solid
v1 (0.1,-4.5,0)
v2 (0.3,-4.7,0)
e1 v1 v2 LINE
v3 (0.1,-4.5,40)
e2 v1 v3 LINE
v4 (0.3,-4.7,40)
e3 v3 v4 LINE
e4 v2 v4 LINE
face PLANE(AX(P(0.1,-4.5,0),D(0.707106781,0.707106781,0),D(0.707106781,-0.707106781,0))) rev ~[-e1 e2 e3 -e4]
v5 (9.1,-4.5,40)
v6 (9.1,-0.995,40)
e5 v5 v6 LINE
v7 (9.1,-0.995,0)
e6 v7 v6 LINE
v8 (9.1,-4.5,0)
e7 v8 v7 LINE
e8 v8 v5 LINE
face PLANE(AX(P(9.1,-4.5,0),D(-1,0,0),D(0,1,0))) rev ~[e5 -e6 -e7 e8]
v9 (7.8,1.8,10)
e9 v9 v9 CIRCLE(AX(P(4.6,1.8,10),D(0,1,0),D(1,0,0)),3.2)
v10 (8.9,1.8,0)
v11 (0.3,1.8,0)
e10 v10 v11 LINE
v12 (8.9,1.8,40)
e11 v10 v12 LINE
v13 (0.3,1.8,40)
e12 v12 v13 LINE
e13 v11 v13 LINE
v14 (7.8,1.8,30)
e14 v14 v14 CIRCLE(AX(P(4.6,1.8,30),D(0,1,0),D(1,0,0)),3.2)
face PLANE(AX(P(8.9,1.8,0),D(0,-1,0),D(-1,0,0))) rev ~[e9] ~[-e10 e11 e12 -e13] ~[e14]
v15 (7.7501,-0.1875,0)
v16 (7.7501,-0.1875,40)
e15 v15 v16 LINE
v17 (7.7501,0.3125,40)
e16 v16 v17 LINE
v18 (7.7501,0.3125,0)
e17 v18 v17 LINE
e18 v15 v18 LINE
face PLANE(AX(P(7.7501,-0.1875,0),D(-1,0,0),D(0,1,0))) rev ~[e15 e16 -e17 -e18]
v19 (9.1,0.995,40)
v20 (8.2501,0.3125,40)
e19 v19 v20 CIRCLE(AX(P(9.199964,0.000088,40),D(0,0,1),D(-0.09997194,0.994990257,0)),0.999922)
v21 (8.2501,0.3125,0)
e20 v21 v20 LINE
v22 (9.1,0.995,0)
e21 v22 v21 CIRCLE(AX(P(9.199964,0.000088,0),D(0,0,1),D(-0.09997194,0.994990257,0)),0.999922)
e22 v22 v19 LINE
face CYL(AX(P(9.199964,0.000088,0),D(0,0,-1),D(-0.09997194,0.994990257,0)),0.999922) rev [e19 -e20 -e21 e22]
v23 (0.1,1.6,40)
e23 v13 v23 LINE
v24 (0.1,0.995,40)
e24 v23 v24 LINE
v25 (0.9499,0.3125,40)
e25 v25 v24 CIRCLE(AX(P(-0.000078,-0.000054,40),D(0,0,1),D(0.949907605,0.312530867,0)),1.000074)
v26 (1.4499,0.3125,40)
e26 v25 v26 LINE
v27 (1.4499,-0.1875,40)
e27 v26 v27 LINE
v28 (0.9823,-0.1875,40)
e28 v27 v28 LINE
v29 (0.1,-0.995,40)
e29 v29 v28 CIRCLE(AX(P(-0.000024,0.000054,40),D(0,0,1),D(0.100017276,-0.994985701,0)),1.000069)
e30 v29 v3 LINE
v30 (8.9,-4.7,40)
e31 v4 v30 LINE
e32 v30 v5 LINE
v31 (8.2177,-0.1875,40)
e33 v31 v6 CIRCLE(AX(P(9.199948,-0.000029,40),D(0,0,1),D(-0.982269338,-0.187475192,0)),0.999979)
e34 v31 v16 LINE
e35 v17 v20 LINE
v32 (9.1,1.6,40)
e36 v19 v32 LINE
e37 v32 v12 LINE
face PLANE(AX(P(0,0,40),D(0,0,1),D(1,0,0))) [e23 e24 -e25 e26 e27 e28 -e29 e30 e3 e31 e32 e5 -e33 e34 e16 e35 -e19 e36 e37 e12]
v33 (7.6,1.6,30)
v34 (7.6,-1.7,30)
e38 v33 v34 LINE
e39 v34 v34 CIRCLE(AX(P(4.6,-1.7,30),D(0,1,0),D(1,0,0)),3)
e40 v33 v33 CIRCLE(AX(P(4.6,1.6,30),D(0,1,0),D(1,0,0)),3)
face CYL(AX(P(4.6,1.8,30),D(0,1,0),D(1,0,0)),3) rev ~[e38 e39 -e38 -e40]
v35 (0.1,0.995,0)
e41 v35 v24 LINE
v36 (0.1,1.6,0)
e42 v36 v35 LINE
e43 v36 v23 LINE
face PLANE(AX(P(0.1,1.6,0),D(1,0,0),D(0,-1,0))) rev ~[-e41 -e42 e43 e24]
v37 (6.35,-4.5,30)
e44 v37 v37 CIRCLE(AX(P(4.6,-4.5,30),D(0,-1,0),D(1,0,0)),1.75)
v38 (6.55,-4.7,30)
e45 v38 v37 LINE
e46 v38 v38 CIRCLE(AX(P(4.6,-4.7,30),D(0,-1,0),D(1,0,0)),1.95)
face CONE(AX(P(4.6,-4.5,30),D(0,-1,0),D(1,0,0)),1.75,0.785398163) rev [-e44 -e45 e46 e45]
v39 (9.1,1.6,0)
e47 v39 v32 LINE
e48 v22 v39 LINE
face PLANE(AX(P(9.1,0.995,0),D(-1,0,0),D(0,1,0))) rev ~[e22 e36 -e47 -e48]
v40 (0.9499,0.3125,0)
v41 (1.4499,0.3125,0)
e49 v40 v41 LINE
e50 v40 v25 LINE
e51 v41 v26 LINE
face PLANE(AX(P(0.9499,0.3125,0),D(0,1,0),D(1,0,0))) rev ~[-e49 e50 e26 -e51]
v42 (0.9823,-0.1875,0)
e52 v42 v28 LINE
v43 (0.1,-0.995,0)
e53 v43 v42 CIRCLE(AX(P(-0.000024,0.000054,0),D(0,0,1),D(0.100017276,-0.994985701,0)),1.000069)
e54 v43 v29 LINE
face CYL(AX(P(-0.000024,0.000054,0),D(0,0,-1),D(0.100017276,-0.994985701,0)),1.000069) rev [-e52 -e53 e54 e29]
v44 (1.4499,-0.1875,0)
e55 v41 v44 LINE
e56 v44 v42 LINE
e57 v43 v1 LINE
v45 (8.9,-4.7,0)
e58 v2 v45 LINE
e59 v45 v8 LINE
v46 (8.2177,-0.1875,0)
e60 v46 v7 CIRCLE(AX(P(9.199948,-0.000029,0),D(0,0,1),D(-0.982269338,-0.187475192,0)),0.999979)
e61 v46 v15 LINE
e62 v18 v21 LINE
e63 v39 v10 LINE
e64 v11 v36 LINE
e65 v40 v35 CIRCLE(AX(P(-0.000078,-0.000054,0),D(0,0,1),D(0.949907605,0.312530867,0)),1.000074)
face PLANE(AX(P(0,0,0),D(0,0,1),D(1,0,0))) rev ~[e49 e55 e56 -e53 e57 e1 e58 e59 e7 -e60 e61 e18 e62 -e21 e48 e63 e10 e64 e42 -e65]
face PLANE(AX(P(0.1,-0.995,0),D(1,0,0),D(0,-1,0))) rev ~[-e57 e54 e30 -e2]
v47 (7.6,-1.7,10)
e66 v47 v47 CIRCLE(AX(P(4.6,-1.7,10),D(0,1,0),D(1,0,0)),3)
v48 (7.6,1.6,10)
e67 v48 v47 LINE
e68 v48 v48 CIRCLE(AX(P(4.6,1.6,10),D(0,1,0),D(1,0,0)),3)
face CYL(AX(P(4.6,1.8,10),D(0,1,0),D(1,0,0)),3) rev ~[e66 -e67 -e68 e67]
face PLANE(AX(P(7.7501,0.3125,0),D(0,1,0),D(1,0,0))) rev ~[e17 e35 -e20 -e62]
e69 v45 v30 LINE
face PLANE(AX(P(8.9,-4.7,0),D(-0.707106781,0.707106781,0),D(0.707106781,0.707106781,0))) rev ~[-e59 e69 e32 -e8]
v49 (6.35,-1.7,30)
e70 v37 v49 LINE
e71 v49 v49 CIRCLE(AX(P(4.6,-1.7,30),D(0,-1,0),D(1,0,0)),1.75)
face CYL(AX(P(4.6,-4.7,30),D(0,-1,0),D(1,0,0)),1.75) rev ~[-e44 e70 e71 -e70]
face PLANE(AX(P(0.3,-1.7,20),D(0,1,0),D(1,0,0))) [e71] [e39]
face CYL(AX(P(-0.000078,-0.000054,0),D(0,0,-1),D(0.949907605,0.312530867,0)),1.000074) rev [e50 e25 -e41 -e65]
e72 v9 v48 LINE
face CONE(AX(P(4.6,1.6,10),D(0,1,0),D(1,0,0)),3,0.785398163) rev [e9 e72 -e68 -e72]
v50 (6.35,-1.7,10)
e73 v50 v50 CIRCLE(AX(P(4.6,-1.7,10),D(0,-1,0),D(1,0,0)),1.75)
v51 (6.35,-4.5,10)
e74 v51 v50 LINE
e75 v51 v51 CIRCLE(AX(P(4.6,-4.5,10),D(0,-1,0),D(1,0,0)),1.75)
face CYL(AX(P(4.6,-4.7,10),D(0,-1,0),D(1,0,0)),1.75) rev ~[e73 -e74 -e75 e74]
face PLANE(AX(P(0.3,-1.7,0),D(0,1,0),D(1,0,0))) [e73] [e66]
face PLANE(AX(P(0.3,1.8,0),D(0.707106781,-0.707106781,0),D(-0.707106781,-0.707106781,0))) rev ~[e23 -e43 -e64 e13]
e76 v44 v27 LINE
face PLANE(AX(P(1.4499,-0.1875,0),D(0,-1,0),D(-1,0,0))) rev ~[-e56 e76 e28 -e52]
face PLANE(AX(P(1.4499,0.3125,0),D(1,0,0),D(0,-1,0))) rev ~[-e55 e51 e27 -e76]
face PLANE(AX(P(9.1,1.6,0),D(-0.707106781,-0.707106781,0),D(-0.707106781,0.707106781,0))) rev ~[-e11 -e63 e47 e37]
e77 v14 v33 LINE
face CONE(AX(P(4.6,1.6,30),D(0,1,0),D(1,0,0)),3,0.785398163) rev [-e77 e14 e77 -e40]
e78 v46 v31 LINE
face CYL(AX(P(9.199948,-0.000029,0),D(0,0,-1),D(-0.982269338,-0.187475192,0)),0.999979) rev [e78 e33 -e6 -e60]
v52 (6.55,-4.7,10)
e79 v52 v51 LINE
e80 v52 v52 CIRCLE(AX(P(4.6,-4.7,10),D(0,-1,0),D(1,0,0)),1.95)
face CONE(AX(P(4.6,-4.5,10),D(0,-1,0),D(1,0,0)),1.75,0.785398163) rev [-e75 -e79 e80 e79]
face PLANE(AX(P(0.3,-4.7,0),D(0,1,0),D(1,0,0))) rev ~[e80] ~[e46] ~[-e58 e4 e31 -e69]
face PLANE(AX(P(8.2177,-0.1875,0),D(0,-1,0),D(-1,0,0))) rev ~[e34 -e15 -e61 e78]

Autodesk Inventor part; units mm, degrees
ref_plane "YZ Plane" through (0, 0, 0) normal (1, 0, 0) x (0, 1, 0)
ref_plane "XZ Plane" through (0, 0, 0) normal (0, 1, 0) x (-1, 0, 0)
ref_plane "XY Plane" through (0, 0, 0) normal (0, 0, 1) x (1, 0, 0)
sketch "Эскиз1" plane through (0, 0, 0) normal (0, 0, 1) x (1, 0, 0)
  arc A0 (0.9499, 0.3125) -> (0.1, 0.995) centre (0, 0) ccw projected
  line L0 (0.9499, 0.3125) -> (1.4499, 0.3125) projected
  line L1 (1.4499, 0.3125) -> (1.4499, -0.1875) projected
  line L2 (1.4499, -0.1875) -> (0.9823, -0.1875) projected
  arc A1 (0.1, -0.995) -> (0.9823, -0.1875) centre (0, 0) ccw projected
  line L3 (0.1, -0.995) -> (0.1, -4.5) projected
  line L4 (0.1, -4.5) -> (0.3, -4.7) projected
  line L5 (0.3, -4.7) -> (8.9, -4.7) projected
  line L6 (8.9, -4.7) -> (9.1, -4.5) projected
  line L7 (9.1, -4.5) -> (9.1, -0.995) projected
  arc A2 (8.2177, -0.1875) -> (9.1, -0.995) centre (9.2, 0) ccw projected
  line L8 (8.2177, -0.1875) -> (7.7501, -0.1875) projected
  line L9 (7.7501, -0.1875) -> (7.7501, 0.3125) projected
  line L10 (7.7501, 0.3125) -> (8.2501, 0.3125) projected
  arc A3 (9.1, 0.995) -> (8.2501, 0.3125) centre (9.2, 0) ccw projected
  line L11 (9.1, 0.995) -> (9.1, 1.6) projected
  line L12 (9.1, 1.6) -> (8.9, 1.8) projected
  line L13 (8.9, 1.8) -> (0.3, 1.8) projected
  line L14 (0.3, 1.8) -> (0.1, 1.6) projected
  line L15 (0.1, 1.6) -> (0.1, 0.995) projected
extrude "Выдавливание1" add sketch "Эскиз1" along normal blind 40
sketch "Эскиз2" plane through (0.3, 1.8, 0) normal (0, 1, 0) x (1, 0, 0)
  line L0 (4.3, -2.5) -> (4.3, -42.5) construction
  circle A0 centre (4.3, -10) radius 3
  line L1 (8.6, 0) -> (0, 0) projected
  dimension "d3" = 6
  dimension "d25" = 10
extrude "Выдавливание2" cut sketch "Эскиз2" against normal blind 3.5
sketch "Эскиз3" plane through (0.3, -4.7, 0) normal (0, -1, 0) x (1, 0, 0)
  line L0 (0, 0) -> (8.6, 0) construction
  line L1 (4.3, 0) -> (4.3, 8.2468) construction
  circle A0 centre (4.3, 10) radius 1.75
  point P0 (-0.3, 0)
  dimension "d26" = 3.5
  dimension "d27" = 10
extrude "Выдавливание3" cut sketch "Эскиз3" against normal blind 5
chamfer "Фаска1" distance 0.2 angle 45 2 edges at (2.85, -4.7, 10) (1.6, 1.8, 10)
pattern_linear "Прямоуг.массив1" count 2 spacing 20 along (0, 0, 1) of "Выдавливание3", "Выдавливание2", "Фаска1"
properties part number "рельса_мини"
